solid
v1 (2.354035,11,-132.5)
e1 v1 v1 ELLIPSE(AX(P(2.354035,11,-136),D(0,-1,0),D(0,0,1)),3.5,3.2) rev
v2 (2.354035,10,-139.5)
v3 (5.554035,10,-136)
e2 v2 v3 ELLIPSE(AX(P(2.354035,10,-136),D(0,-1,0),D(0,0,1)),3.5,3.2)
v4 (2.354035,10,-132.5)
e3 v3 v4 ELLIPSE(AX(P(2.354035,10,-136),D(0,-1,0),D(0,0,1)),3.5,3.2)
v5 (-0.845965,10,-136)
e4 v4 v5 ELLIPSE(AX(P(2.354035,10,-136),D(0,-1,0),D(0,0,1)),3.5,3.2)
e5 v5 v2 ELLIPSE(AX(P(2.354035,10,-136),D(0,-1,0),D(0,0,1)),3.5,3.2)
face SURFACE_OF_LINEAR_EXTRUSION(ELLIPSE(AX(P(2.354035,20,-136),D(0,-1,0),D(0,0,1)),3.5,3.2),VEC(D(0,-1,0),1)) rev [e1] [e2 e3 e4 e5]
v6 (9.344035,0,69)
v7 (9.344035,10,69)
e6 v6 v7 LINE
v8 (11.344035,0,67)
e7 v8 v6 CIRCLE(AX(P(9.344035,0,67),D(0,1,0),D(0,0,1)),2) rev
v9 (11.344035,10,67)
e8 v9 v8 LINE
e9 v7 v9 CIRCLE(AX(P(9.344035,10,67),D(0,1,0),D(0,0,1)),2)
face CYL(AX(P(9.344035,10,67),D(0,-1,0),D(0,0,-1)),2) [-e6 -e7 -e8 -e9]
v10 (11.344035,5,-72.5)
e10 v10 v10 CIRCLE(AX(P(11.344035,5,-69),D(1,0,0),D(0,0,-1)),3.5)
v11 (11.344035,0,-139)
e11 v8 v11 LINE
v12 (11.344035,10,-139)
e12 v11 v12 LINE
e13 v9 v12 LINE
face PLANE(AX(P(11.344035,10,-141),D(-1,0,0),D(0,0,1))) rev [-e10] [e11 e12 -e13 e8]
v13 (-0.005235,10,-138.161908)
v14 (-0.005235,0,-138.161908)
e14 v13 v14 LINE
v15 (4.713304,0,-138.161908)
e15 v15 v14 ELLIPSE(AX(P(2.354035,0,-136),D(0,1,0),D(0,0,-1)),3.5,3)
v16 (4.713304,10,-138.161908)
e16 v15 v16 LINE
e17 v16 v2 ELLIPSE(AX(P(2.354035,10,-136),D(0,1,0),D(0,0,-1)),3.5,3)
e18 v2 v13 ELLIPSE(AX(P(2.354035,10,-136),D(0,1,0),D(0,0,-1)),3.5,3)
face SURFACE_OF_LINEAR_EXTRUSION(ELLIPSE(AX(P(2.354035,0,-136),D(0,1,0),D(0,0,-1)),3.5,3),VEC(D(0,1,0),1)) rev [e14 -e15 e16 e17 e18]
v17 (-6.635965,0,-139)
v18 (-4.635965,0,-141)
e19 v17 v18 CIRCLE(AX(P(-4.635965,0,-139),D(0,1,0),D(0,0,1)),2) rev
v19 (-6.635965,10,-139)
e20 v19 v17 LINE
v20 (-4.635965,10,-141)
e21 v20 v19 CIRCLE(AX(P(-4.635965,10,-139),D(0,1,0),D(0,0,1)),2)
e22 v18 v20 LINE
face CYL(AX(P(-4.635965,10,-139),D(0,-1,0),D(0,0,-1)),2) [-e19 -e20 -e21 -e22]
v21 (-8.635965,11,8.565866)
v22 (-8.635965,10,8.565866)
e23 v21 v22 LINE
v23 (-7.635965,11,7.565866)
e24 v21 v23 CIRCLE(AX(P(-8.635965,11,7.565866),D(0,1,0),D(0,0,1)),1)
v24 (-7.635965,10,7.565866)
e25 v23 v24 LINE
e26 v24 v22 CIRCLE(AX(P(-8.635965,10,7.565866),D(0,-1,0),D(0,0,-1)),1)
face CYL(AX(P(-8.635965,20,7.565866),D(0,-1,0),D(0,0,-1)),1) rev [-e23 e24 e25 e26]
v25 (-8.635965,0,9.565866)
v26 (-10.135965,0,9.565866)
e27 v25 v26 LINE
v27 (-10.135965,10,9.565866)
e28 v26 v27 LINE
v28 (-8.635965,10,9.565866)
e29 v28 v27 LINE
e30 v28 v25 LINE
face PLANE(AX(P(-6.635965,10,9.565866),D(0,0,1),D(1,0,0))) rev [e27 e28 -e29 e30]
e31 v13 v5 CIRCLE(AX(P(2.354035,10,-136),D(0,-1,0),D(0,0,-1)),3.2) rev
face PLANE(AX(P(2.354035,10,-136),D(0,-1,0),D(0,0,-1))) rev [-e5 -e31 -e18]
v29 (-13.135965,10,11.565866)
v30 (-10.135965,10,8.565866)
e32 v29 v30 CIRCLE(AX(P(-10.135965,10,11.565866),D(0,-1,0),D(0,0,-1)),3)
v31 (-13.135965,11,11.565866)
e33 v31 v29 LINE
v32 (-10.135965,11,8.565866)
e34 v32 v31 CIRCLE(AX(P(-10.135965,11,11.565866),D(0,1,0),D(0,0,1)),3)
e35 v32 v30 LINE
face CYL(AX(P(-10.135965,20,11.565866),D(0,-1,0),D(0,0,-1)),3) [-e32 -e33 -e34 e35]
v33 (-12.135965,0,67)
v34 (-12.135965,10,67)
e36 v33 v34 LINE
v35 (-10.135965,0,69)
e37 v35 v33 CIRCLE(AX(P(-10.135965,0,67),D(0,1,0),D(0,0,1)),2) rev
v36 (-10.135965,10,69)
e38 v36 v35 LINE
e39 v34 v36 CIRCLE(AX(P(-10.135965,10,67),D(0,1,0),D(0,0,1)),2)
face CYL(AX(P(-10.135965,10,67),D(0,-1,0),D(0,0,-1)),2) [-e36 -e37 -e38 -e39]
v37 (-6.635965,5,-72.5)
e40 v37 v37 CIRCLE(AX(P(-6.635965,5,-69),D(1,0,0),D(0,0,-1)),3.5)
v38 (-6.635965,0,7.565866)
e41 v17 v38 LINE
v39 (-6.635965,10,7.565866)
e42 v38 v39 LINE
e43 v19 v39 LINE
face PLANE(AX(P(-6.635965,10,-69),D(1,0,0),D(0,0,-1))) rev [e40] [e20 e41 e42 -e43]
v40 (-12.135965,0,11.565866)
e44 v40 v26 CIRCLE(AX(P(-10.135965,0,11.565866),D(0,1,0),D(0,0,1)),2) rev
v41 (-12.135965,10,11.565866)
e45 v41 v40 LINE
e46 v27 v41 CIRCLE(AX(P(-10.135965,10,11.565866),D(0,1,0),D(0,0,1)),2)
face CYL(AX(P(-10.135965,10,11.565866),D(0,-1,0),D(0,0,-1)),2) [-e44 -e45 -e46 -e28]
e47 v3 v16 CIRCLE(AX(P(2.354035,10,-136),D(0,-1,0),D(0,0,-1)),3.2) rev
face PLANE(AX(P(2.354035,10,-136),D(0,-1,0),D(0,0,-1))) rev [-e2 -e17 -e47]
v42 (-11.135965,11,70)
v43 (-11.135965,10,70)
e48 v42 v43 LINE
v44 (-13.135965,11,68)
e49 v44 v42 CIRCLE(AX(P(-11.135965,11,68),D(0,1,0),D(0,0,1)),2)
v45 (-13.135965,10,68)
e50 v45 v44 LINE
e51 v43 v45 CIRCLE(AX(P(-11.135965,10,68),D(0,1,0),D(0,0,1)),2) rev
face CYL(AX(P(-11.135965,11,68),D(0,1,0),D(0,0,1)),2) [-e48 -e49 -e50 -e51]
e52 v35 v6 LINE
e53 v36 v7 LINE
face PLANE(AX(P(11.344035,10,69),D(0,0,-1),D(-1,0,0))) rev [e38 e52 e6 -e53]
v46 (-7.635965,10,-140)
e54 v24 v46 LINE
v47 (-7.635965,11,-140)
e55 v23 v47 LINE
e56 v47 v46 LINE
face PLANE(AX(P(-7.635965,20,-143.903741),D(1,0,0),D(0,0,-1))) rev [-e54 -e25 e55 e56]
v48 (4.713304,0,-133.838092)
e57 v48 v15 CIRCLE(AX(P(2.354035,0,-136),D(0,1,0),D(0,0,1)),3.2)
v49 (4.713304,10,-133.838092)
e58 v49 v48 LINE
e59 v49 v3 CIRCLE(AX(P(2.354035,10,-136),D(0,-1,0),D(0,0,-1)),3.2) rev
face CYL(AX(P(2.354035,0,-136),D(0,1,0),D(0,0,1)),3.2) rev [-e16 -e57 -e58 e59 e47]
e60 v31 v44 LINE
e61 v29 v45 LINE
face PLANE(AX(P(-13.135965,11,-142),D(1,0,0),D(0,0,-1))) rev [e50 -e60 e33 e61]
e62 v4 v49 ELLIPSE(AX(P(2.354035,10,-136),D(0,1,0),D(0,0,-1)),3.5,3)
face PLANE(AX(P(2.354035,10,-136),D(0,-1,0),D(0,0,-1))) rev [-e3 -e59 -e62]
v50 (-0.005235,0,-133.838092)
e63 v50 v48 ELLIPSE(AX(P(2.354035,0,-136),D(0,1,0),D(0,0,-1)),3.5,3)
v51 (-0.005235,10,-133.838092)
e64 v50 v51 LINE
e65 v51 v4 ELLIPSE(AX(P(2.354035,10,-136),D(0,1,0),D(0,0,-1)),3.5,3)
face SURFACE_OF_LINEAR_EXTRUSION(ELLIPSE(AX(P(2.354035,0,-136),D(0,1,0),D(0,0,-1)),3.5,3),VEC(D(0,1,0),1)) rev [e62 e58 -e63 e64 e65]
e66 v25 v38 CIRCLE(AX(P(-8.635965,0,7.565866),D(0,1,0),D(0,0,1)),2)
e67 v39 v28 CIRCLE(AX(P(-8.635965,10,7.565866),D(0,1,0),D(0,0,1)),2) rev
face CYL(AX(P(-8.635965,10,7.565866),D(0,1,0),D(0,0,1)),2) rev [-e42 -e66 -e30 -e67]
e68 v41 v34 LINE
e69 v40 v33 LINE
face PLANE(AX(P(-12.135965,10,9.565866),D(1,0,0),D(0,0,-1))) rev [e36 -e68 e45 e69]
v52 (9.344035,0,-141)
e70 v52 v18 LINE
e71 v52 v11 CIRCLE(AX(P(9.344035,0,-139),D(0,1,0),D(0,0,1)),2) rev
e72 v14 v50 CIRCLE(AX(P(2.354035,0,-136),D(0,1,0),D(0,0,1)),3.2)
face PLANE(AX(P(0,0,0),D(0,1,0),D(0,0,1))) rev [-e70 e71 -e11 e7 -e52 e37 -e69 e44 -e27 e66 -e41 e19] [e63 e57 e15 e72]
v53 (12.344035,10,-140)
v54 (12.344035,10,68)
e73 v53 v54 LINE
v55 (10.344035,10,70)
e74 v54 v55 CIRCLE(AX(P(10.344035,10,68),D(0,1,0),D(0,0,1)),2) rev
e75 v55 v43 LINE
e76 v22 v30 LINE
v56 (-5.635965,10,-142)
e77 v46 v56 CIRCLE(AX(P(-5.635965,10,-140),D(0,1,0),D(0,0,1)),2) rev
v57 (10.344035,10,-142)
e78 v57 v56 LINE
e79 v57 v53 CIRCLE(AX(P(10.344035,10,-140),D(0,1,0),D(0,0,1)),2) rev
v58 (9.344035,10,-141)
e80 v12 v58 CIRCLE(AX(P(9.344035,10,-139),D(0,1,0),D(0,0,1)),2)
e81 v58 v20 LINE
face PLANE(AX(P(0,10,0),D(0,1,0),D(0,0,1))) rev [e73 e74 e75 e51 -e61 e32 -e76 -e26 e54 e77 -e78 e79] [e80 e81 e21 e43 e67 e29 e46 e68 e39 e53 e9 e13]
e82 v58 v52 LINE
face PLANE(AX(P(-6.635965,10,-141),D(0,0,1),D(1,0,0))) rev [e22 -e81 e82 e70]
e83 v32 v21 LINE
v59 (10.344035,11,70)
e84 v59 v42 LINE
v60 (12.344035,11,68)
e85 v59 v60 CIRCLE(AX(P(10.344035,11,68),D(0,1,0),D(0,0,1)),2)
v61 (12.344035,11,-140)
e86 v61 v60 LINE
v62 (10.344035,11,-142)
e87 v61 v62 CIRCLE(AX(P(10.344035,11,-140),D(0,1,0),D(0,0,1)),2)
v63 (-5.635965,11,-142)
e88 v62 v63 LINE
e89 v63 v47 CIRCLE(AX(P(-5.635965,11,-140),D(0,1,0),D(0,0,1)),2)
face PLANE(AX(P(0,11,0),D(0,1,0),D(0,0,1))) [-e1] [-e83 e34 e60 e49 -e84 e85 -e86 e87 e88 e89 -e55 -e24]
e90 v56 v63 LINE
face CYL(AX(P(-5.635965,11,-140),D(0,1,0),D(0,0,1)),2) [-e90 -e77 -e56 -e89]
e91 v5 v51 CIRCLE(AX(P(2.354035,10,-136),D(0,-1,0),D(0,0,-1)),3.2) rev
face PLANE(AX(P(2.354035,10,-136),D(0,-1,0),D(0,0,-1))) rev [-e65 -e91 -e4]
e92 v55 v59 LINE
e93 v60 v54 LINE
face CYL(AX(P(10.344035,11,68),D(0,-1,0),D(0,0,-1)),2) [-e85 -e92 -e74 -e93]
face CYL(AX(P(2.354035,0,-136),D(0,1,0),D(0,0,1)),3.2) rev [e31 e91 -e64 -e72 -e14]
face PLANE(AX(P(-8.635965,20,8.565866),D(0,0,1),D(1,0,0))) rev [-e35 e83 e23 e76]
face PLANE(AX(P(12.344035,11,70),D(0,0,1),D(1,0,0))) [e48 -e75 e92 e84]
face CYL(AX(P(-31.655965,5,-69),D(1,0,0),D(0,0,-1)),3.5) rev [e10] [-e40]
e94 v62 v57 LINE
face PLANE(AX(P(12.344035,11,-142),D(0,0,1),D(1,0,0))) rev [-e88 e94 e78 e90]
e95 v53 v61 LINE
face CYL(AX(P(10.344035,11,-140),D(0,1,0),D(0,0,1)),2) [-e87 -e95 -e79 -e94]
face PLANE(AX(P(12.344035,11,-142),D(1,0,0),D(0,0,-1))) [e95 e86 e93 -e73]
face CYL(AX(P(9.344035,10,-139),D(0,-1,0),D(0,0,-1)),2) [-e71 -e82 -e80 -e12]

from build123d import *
from build123d.topology import SkipClean

# Parameters (mm, degrees)
BOSS_EXTRU_1_DEPTH       = 10
ESQUISSE2_RX             = 3.5
ESQUISSE2_RY             = 3
ENL_V_MAT_EXTRU_1_DEPTH  = 10
ESQUISSE3_R              = 3.2
ENL_V_MAT_EXTRU_2_DEPTH  = 10
ESQUISSE4_R              = 3.5
ENL_V_MAT_EXTRU_3_DEPTH  = 43
ESQUISSE6_W              = 25.48
ESQUISSE6_H              = 212
BOSS_EXTRU_2_DEPTH       = 1
CONG_1_R                 = 2
ENL_V_MAT_EXTRU_10_DEPTH = 10
CONG_4_R                 = 2
ENL_V_START              = -10
ESQUISSE14_R             = 3.2
ENL_V_MAT_EXTRU_11_DEPTH = 10
ESQUISSE16_RX            = 3.5
ESQUISSE16_RY            = 3.2
ENL_V_MAT_EXTRU_12_DEPTH = 10


with BuildPart() as part:
    # Esquisse1 → Boss.-Extru.1 (new body)
    with BuildSketch(Plane(origin=(0, 0, 0), x_dir=(1, 0, 0), z_dir=(0, 1, 0))):
        Polygon((11.344034618, -69), (-12.135965382, -69), (-12.135965382, -9.565866313), (-6.635965382, -9.565866313), (-6.635965382, 69), (-6.635965382, 141), (11.344034618, 141), (11.344034618, 69), align=None)
    extrude(amount=BOSS_EXTRU_1_DEPTH)

    # Esquisse2 → Enlèv. mat.-Extru.1 (cut)
    with BuildSketch(Plane(origin=(0, 10, 0), x_dir=(1, 0, 0), z_dir=(0, 1, 0))):
        with Locations(Location((2.354034618, 136), (0, 0, 90))):
            Ellipse(ESQUISSE2_RX, ESQUISSE2_RY)
    extrude(amount=-ENL_V_MAT_EXTRU_1_DEPTH, mode=Mode.SUBTRACT)

    # Esquisse3 → Enlèv. mat.-Extru.2 (cut)
    with BuildSketch(Plane(origin=(0, 10, 0), x_dir=(1, 0, 0), z_dir=(0, 1, 0))):
        with Locations((2.354034618, 136)):
            Circle(ESQUISSE3_R)
    extrude(amount=-ENL_V_MAT_EXTRU_2_DEPTH, mode=Mode.SUBTRACT)

    # Esquisse4 → Enlèv. mat.-Extru.3 (cut)
    with BuildSketch(Plane(origin=(11.344034618, 0, 0), x_dir=(0, 0, -1), z_dir=(1, 0, 0))):
        with Locations((69, 5)):
            Circle(ESQUISSE4_R)
    extrude(amount=-ENL_V_MAT_EXTRU_3_DEPTH, mode=Mode.SUBTRACT)

    # Esquisse6 → Boss.-Extru.2 (add)
    with BuildSketch(Plane(origin=(0, 10, 0), x_dir=(1, 0, 0), z_dir=(0, 1, 0))):
        with Locations((-0.395965382, 36)):
            Rectangle(ESQUISSE6_W, ESQUISSE6_H)
    extrude(amount=BOSS_EXTRU_2_DEPTH)

    # Congé1
    cong_1_edges = [part.edges().sort_by_distance(p)[0] for p in [
        (-6.635965382, 5, 9.565866313),
        (-6.635965382, 5, -141),
        (11.344034618, 5, -141),
        (11.344034618, 5, 69),
        (-12.135965382, 5, 69),
        (-12.135965382, 5, 9.565866313),
    ]]
    fillet(cong_1_edges, radius=CONG_1_R)

    # Esquisse8 → Enlèv. mat.-Extru.10 (cut)
    with BuildSketch(Plane(origin=(0, 10, 0), x_dir=(-1, 0, 0), z_dir=(0, -1, 0))):
        with BuildLine():
            Line((8.635965382, -8.565866313), (10.135965382, -8.565866313))
            ThreePointArc((10.135965382, -8.565866313), (12.257285726, -9.44454597), (13.135965382, -11.565866313))
            Line((13.135965382, -11.565866313), (13.142598636, -11.565866313))
            Line((13.142598636, -11.565866313), (13.142598636, 143.903740935))
            Line((13.142598636, 143.903740935), (7.635965382, 143.903740935))
            Line((7.635965382, 143.903740935), (7.635965382, -7.565866313))
            ThreePointArc((7.635965382, -7.565866313), (7.928858601, -8.272973094), (8.635965382, -8.565866313))
        make_face()
    extrude(amount=-ENL_V_MAT_EXTRU_10_DEPTH, mode=Mode.SUBTRACT)

    # Congé4
    cong_4_edges = [part.edges().sort_by_distance(p)[0] for p in [
        (-7.635965382, 10.5, -142),
        (12.344034618, 10.5, -142),
        (-13.135965382, 10.5, 70),
        (12.344034618, 10.5, 70),
    ]]
    fillet(cong_4_edges, radius=CONG_4_R)

    # Esquisse14 → Enlèv. mat.-Extru.11 (cut)
    with SkipClean():  # the faces are left unmerged after this step: merging them gives an invalid solid
        with BuildSketch(Plane(origin=(0, 10, 0), x_dir=(-1, 0, 0), z_dir=(0, -1, 0)).offset(ENL_V_START)):
            with Locations(Location((-2.354034618, 136, 0), (0, 0, 270))):
                Circle(ESQUISSE14_R)
        extrude(amount=ENL_V_MAT_EXTRU_11_DEPTH, mode=Mode.SUBTRACT)

    # Esquisse16 → Enlèv. mat.-Extru.12 (cut)
    with BuildSketch(Plane(origin=(0, 10, 0), x_dir=(-1, 0, 0), z_dir=(0, -1, 0))):
        with Locations(Location((-2.354034618, 136), (0, 0, -90))):
            Ellipse(ESQUISSE16_RX, ESQUISSE16_RY)
    extrude(amount=-ENL_V_MAT_EXTRU_12_DEPTH, mode=Mode.SUBTRACT)


solid = part.part
